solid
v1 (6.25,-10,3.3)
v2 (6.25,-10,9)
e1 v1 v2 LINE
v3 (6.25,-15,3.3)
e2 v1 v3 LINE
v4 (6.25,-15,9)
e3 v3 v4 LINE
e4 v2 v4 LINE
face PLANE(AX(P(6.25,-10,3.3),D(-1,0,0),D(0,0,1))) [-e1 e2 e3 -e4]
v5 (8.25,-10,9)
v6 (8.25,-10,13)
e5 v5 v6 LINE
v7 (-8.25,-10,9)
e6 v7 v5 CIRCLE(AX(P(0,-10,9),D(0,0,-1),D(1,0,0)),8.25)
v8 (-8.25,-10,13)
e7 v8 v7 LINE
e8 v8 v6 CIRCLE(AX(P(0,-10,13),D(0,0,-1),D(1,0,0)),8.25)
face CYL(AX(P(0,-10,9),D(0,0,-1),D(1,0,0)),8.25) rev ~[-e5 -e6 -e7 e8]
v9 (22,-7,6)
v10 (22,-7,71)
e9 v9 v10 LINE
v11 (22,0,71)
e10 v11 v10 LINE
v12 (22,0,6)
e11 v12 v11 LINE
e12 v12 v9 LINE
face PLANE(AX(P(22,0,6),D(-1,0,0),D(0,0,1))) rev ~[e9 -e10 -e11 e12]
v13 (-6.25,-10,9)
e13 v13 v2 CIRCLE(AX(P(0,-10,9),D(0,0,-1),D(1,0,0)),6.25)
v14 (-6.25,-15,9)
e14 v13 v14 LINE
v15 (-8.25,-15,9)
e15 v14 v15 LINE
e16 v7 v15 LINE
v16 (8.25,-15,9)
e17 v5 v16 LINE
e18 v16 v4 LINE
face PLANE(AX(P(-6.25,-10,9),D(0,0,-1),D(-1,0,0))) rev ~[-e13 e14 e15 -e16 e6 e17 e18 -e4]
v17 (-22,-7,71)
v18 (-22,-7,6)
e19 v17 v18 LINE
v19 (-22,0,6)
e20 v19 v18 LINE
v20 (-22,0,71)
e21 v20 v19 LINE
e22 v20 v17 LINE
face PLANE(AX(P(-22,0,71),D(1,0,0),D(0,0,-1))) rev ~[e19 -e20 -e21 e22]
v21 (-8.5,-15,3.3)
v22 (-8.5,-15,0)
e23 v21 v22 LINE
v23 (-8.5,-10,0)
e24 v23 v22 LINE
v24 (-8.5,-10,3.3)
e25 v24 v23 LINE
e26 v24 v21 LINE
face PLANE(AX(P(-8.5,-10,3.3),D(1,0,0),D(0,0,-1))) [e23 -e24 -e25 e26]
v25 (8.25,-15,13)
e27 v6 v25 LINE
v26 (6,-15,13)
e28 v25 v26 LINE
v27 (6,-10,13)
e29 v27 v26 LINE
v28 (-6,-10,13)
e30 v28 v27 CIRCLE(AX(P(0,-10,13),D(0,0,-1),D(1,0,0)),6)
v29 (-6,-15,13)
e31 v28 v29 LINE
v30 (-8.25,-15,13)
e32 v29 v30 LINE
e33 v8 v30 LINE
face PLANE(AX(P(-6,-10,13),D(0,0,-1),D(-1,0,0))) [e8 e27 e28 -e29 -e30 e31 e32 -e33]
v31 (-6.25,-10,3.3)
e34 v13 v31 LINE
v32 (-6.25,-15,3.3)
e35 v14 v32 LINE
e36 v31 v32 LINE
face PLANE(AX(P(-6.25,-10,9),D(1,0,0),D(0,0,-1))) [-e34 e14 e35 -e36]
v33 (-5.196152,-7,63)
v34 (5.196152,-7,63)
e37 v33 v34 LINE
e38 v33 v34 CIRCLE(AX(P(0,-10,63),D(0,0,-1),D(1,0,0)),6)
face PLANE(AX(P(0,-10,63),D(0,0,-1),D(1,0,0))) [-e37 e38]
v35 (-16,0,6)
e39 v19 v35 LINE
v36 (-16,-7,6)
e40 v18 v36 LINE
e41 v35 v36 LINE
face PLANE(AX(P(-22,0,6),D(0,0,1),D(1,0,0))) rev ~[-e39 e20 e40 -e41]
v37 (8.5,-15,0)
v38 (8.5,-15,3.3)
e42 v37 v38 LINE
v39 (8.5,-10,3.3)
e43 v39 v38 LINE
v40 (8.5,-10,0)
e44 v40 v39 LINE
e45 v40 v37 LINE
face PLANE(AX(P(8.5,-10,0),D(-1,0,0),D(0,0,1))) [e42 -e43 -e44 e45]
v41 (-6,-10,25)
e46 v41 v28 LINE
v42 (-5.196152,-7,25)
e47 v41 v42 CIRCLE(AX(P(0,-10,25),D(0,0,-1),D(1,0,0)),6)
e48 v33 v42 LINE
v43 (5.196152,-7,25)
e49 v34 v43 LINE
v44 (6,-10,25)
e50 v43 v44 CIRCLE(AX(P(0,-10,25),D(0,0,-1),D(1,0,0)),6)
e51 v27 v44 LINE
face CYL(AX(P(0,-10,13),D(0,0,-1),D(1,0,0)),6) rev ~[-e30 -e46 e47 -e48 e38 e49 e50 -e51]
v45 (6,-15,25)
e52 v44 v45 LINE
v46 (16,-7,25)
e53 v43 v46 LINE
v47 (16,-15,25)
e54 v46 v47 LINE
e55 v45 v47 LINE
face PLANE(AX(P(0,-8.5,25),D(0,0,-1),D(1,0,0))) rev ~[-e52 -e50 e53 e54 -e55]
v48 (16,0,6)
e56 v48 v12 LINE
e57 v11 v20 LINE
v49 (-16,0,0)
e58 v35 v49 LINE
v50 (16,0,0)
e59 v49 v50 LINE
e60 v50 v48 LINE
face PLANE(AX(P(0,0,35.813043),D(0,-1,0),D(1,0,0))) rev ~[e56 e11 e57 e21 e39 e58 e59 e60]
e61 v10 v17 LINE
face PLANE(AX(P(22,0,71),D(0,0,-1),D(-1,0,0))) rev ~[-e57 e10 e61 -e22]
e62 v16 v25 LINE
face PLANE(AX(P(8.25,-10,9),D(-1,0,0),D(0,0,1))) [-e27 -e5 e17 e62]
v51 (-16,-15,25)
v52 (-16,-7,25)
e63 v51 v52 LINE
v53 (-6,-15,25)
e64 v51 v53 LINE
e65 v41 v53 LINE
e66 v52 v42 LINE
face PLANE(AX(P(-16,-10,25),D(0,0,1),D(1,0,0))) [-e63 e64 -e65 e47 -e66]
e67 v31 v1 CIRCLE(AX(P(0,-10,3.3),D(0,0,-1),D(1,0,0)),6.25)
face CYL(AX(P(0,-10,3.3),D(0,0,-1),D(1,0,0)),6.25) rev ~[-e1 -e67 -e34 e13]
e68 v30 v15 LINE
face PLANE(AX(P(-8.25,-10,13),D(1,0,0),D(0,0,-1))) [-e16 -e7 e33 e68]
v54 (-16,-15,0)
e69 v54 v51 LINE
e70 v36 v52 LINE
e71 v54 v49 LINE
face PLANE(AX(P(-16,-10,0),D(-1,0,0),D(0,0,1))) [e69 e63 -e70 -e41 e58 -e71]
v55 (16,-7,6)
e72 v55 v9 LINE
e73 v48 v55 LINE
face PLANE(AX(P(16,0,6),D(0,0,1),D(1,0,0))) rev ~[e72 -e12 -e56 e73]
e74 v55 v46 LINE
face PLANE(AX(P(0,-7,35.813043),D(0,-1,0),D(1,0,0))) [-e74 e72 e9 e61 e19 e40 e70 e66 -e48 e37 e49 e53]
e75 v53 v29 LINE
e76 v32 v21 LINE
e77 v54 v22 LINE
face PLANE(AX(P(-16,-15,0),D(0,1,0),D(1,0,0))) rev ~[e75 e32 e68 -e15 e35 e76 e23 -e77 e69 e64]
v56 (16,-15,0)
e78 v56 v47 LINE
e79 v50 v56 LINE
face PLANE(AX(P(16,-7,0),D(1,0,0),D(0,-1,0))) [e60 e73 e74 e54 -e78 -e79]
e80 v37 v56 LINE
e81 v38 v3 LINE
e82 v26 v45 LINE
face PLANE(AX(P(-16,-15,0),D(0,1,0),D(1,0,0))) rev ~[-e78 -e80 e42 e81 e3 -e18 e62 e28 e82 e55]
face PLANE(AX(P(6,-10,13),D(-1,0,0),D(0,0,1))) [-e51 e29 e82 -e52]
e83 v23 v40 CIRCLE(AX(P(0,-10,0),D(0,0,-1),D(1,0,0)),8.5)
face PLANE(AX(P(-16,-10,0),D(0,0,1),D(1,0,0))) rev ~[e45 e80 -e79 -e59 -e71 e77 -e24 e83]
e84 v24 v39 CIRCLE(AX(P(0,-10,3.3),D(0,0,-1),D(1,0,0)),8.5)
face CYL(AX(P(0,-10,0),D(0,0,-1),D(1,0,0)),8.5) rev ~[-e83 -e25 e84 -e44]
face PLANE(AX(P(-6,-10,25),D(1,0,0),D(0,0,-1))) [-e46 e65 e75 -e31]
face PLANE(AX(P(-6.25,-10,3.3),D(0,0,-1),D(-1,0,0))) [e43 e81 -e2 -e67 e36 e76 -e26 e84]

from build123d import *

# Parameters (mm, degrees)
F1_DEPTH  = 7
F2_W      = 32
F2_H      = 3
F3_DEPTH  = 25
F4_R      = 8.5
F5_DEPTH  = 3.3
F6_R      = 6.25
F7_DEPTH  = 5.7
F8_R      = 8.25
F9_DEPTH  = 4
F10_R     = 6
F11_DEPTH = 50
F12_DEPTH = 5


with BuildPart() as f1:
    # F0 (on Front) → F1 (new body)
    with BuildSketch(Plane.XZ):
        Polygon((-16, 0), (0, 0), (16, 0), (16, 6), (22, 6), (22, 71), (0, 71), (-22, 71), (-22, 6), (-16, 6), align=None)
    extrude(amount=F1_DEPTH)

    # F2 (on face) → F3 (join)
    with BuildSketch(Plane(origin=(0, 0, 0), x_dir=(1, 0, 0), z_dir=(0, 0, -1))):
        with Locations((0, 8.5)):
            Rectangle(F2_W, F2_H)
    extrude(amount=-F3_DEPTH)

    # F4 (on face) → F5 (cut)
    with BuildSketch(Plane(origin=(0, 0, 0), x_dir=(1, 0, 0), z_dir=(0, 0, -1))):
        with Locations((0, 10)):
            Circle(F4_R)
    extrude(amount=-F5_DEPTH, mode=Mode.SUBTRACT)

    # F6 (on face) → F7 (cut)
    with BuildSketch(Plane(origin=(0, 0, 3.3), x_dir=(1, 0, 0), z_dir=(0, 0, -1))):
        with Locations((0, 10)):
            Circle(F6_R)
    extrude(amount=-F7_DEPTH, mode=Mode.SUBTRACT)

    # F8 (on face) → F9 (cut)
    with BuildSketch(Plane(origin=(0, 0, 9), x_dir=(1, 0, 0), z_dir=(0, 0, -1))):
        with Locations((0, 10)):
            Circle(F8_R)
    extrude(amount=-F9_DEPTH, mode=Mode.SUBTRACT)

    # F10 (on face) → F11 (cut)
    with BuildSketch(Plane(origin=(0, 0, 13), x_dir=(1, 0, 0), z_dir=(0, 0, -1))):
        with Locations((0, 10)):
            Circle(F10_R)
    extrude(amount=-F11_DEPTH, mode=Mode.SUBTRACT)

    # F12 (add): faces of the model
    f12_faces = [f1.faces().sort_by_distance(p)[0] for p in [
        (-11.3145331244, -10, 12.9844320761),
        (11.3145331244, -10, 12.9844320761),
    ]]
    extrude(f12_faces, amount=F12_DEPTH)


solid = f1.part
